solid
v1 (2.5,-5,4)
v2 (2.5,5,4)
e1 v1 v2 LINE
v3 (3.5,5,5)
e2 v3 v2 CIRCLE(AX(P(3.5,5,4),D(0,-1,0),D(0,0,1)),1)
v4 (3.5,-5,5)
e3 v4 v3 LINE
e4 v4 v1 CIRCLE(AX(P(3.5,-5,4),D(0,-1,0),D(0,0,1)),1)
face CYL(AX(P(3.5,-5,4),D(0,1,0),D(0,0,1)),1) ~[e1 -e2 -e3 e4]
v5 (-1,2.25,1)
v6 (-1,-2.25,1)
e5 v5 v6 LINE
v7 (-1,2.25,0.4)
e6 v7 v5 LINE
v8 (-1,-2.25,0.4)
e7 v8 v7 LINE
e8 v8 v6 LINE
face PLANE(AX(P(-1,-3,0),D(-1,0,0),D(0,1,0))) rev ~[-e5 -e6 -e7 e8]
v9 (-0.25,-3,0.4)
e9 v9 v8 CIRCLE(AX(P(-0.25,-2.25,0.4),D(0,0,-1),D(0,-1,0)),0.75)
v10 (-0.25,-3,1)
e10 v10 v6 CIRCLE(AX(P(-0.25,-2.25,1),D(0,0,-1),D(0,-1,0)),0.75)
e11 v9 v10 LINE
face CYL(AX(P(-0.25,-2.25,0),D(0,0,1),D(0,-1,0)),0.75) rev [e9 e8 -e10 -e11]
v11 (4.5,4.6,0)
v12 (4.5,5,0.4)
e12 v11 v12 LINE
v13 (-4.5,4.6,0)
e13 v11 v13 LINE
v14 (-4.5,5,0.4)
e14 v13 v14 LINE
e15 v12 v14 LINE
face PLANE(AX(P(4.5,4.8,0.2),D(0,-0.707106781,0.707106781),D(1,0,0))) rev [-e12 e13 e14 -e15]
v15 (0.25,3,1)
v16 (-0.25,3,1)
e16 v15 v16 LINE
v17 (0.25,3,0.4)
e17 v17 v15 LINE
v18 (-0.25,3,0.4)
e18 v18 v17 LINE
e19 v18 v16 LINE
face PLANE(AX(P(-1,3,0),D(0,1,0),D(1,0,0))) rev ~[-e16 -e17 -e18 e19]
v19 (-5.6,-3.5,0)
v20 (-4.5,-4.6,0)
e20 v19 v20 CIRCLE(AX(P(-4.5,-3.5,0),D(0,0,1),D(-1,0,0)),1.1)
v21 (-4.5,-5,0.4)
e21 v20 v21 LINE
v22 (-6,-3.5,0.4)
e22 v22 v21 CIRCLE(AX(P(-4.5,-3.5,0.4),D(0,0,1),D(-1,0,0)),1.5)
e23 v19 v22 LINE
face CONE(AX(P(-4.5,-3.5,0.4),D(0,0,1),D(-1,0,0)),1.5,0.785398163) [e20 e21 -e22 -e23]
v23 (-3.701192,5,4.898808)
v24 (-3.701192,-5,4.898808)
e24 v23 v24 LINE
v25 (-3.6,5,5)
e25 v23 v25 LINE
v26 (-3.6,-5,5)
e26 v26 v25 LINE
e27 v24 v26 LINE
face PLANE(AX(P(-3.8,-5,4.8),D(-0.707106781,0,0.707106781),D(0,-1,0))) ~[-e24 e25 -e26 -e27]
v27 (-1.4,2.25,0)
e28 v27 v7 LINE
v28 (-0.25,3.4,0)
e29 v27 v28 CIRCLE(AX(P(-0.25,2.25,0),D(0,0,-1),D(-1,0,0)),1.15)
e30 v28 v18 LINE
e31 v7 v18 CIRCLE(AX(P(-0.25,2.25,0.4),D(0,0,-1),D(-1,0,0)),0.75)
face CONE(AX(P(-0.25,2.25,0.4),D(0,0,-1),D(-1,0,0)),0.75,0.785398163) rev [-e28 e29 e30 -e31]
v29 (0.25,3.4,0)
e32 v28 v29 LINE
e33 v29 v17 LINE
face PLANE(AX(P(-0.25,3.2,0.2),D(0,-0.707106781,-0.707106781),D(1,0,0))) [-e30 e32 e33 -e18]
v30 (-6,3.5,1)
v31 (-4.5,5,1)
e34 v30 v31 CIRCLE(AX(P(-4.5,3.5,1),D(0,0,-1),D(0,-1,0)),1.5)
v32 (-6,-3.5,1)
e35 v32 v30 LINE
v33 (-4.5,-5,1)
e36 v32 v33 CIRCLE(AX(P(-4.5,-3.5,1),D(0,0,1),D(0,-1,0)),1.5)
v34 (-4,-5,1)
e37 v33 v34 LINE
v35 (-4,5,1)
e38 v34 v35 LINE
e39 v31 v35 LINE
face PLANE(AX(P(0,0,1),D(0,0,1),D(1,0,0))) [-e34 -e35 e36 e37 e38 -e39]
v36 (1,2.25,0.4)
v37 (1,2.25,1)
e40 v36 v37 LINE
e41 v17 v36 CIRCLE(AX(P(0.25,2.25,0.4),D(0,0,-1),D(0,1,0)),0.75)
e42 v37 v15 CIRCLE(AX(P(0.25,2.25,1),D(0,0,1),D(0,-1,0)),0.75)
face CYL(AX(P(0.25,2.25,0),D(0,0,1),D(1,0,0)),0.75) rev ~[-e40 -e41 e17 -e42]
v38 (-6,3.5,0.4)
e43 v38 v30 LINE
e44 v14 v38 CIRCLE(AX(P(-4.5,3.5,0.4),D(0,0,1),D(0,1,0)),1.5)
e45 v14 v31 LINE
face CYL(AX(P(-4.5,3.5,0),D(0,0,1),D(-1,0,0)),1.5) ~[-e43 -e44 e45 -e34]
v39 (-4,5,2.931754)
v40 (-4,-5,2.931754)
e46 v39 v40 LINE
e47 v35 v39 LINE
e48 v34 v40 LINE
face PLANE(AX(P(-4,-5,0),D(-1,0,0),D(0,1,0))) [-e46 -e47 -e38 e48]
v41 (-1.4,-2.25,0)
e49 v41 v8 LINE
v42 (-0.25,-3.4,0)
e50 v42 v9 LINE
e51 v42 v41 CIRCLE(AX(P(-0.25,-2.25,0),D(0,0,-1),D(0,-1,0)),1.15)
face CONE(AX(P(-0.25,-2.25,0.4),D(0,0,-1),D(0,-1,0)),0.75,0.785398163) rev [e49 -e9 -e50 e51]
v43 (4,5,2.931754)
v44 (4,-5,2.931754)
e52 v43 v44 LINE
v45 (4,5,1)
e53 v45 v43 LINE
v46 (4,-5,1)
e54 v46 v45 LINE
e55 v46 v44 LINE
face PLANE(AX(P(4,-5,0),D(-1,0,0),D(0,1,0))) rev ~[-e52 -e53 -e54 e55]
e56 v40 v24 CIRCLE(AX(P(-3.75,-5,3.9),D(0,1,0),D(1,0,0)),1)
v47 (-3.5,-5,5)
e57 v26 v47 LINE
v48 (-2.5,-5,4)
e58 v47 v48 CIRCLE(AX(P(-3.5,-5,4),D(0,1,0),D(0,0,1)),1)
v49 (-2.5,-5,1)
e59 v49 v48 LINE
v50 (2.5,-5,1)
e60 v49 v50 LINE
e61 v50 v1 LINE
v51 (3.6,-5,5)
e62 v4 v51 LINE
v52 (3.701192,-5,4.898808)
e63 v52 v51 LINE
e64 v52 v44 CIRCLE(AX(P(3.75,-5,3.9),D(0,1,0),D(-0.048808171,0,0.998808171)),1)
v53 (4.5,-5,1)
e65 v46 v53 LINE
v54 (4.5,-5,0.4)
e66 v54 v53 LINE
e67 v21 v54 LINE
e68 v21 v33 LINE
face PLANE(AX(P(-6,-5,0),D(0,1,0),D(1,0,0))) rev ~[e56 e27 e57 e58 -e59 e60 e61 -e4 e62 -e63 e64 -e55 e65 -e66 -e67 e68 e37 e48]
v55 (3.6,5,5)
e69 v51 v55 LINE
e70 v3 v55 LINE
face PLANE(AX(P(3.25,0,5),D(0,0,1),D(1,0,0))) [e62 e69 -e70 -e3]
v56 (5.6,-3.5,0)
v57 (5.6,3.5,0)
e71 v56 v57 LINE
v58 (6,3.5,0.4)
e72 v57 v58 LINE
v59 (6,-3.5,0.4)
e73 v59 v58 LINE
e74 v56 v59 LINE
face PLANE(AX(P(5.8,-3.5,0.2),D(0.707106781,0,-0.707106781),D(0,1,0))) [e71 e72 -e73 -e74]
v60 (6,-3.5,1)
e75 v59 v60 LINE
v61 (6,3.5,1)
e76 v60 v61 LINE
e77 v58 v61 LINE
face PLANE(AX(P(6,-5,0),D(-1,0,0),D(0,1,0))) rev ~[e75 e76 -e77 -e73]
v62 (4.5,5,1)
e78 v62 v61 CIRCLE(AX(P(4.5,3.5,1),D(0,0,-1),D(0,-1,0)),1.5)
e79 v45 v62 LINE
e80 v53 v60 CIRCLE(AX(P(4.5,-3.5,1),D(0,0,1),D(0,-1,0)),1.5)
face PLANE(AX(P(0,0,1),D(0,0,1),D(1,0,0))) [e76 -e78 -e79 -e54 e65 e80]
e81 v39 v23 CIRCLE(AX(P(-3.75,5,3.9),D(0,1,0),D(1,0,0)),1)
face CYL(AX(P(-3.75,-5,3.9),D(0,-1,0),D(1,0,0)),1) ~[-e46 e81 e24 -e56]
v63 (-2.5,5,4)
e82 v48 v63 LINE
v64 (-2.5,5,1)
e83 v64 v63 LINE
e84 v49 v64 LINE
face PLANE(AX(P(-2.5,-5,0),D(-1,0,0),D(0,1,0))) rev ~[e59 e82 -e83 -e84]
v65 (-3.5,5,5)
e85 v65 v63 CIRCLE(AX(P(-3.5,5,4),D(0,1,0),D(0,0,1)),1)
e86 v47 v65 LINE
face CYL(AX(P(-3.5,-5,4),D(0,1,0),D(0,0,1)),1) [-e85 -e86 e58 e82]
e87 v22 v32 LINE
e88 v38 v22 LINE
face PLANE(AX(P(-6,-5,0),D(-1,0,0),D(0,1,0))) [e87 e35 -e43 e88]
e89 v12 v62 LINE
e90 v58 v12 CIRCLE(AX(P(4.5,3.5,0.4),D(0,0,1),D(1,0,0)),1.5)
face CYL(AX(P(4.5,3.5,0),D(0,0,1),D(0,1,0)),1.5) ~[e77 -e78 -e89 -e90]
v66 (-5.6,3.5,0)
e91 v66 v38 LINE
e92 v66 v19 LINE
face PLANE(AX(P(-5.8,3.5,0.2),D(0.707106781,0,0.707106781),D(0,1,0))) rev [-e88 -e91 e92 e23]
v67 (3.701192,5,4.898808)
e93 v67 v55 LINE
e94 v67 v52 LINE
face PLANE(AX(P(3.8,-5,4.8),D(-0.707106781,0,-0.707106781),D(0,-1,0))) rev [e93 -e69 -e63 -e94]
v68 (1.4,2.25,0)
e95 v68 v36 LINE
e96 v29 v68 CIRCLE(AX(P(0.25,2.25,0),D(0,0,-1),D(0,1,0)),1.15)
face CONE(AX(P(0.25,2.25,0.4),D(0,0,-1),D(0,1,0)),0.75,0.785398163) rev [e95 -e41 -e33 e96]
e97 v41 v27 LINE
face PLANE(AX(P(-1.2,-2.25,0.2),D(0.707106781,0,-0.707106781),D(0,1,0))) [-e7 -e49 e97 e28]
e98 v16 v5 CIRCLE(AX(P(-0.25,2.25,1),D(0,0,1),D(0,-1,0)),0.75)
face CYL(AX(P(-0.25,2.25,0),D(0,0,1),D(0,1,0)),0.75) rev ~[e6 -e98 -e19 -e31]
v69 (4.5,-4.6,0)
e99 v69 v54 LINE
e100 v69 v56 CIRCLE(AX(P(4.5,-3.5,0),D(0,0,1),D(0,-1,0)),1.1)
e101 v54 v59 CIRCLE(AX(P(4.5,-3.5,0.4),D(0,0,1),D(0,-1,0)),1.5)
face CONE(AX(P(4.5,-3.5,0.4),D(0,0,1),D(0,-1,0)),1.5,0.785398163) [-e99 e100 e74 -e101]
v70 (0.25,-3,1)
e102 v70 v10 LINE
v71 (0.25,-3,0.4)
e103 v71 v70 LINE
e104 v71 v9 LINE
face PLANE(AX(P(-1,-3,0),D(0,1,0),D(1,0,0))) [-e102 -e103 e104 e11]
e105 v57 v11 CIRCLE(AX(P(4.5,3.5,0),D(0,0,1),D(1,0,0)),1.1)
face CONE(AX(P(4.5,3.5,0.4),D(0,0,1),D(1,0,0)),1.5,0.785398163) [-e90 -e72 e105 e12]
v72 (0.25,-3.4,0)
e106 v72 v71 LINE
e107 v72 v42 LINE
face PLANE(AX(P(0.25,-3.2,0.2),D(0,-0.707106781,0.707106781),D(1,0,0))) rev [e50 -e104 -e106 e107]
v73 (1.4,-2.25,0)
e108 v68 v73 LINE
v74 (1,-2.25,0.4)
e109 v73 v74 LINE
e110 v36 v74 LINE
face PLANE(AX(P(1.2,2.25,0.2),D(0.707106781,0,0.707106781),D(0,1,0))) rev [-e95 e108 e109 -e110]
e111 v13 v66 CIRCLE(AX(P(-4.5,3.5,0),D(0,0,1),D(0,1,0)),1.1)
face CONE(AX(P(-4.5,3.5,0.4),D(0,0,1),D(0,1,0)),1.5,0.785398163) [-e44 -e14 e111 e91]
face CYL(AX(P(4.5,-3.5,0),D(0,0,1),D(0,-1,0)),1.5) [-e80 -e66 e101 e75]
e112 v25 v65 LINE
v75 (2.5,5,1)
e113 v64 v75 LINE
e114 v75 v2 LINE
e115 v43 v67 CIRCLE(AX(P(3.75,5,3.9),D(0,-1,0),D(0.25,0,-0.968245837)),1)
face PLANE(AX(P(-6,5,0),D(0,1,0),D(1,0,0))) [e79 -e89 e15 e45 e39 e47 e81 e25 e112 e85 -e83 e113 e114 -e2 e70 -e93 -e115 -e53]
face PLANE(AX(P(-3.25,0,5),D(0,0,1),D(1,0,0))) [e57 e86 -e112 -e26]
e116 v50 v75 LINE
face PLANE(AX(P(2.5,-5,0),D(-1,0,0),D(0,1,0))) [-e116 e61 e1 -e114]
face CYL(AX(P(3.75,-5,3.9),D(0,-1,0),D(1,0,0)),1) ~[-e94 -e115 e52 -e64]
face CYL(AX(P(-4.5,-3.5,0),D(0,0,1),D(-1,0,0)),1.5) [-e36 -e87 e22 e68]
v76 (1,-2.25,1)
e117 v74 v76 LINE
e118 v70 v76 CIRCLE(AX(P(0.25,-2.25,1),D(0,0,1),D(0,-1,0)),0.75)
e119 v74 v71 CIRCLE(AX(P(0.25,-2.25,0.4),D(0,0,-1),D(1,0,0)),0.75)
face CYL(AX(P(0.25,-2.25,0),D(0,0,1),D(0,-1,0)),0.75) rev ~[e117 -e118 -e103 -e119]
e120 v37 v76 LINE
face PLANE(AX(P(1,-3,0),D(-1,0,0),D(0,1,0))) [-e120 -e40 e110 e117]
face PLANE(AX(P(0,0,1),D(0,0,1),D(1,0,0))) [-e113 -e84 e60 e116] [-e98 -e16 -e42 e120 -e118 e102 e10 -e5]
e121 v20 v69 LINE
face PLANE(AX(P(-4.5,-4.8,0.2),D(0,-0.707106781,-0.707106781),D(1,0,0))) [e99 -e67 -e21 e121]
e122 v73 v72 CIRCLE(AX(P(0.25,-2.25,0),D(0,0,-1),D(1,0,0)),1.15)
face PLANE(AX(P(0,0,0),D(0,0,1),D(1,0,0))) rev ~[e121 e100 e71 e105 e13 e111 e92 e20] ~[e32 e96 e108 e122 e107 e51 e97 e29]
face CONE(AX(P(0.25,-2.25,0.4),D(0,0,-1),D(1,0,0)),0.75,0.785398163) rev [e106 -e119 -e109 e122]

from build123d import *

# Parameters (mm, degrees)
BOX010_W                    = 2
BOX010_H                    = 6
BOX010_DEPTH                = 10
BOX008_W                    = 1.5
BOX008_H                    = 10
BOX008_DEPTH                = 5
CHAMFER004001002001005_SIZE = 0.4
CYLINDER004_R               = 1
CYLINDER004_DEPTH           = 10
CYLINDER003_R               = 1
CYLINDER003_DEPTH           = 10
BOX007_W                    = 12
BOX007_H                    = 10
BOX007_DEPTH                = 1
BOX009_W                    = 1.5
BOX009_H                    = 10
BOX009_DEPTH                = 5
CHAMFER004001002001006_SIZE = 0.4
FILLET_R                    = 0.75
FILLET001_R                 = 1.5
CHAMFER004001002001007_SIZE = 0.4
FILLET002_R                 = 1


with BuildPart() as cube010:
    # Box010 → Box010 (new body)
    with BuildSketch(Plane(origin=(-1, -3, 0), x_dir=(1, 0, 0), z_dir=(0, 0, 1))):
        with Locations((1, 3)):
            Rectangle(BOX010_W, BOX010_H)
    extrude(amount=BOX010_DEPTH)


with BuildPart() as chamfer004001002001005:
    # Box008 → Box008 (new body)
    with BuildSketch(Plane(origin=(-4, -5, 0), x_dir=(1, 0, 0), z_dir=(0, 0, 1))):
        with Locations((0.75, 5)):
            Rectangle(BOX008_W, BOX008_H)
    extrude(amount=BOX008_DEPTH)

    # Chamfer004001002001005
    chamfer004001002001005_edges = [chamfer004001002001005.edges().sort_by_distance(p)[0] for p in [
        (-4, 0, 5),
    ]]
    chamfer(chamfer004001002001005_edges, length=CHAMFER004001002001005_SIZE)


with BuildPart() as cylinder004:
    # Cylinder004 → Cylinder004 (new body)
    with BuildSketch(Plane(origin=(3.75, -5, 3.9), x_dir=(1, 0, 0), z_dir=(0, 1, 0))):
        Circle(CYLINDER004_R)
    extrude(amount=CYLINDER004_DEPTH)


with BuildPart() as cylinder003:
    # Cylinder003 → Cylinder003 (new body)
    with BuildSketch(Plane(origin=(-3.75, -5, 3.9), x_dir=(1, 0, 0), z_dir=(0, 1, 0))):
        Circle(CYLINDER003_R)
    extrude(amount=CYLINDER003_DEPTH)


with BuildPart() as cube007:
    # Box007 → Box007 (new body)
    with BuildSketch(Plane(origin=(-6, -5, 0), x_dir=(1, 0, 0), z_dir=(0, 0, 1))):
        with Locations((6, 5)):
            Rectangle(BOX007_W, BOX007_H)
    extrude(amount=BOX007_DEPTH)


with BuildPart() as cable_clip:
    # Box009 → Box009 (new body)
    with BuildSketch(Plane(origin=(2.5, -5, 0), x_dir=(1, 0, 0), z_dir=(0, 0, 1))):
        with Locations((0.75, 5)):
            Rectangle(BOX009_W, BOX009_H)
    extrude(amount=BOX009_DEPTH)

    # Chamfer004001002001006
    chamfer004001002001006_edges = [cable_clip.edges().sort_by_distance(p)[0] for p in [
        (4, 0, 5),
    ]]
    chamfer(chamfer004001002001006_edges, length=CHAMFER004001002001006_SIZE)

    # Fusion002: union Chamfer004001002001005, Cylinder004, Cylinder003, Cube007
    add(chamfer004001002001005.part)
    add(cylinder004.part)
    add(cylinder003.part)
    add(cube007.part)

    # Cut002008023012009006003002007003001002002: cut Cube010
    add(cube010.part, mode=Mode.SUBTRACT)

    # Fillet
    fillet_edges = [cable_clip.edges().sort_by_distance(p)[0] for p in [
        (1, -3, 0.5),
        (-1, -3, 0.5),
        (1, 3, 0.5),
        (-1, 3, 0.5),
    ]]
    fillet(fillet_edges, radius=FILLET_R)

    # Fillet001
    fillet001_edges = [cable_clip.edges().sort_by_distance(p)[0] for p in [
        (6, 5, 0.5),
        (-6, 5, 0.5),
        (6, -5, 0.5),
        (-6, -5, 0.5),
    ]]
    fillet(fillet001_edges, radius=FILLET001_R)

    # Chamfer004001002001007
    chamfer004001002001007_edges = [cable_clip.edges().sort_by_distance(p)[0] for p in [
        (4.25, -5, 0),
        (5.56066, -4.56066, 0),
        (6, 0, 0),
        (5.56066, 4.56066, 0),
        (3.25, 5, 0),
        (3.25, -5, 0),
        (0, 5, 0),
        (-1, 0, 0),
        (-0.78033, 2.78033, 0),
        (0, 3, 0),
        (0.78033, 2.78033, 0),
        (1, 0, 0),
        (0.78033, -2.78033, 0),
        (0, -3, 0),
        (-0.78033, -2.78033, 0),
        (0, -5, 0),
        (-3.25, 5, 0),
        (-3.25, -5, 0),
        (-4.25, 5, 0),
        (-5.56066, 4.56066, 0),
        (-6, 0, 0),
        (-5.56066, -4.56066, 0),
        (-4.25, -5, 0),
    ]]
    chamfer(chamfer004001002001007_edges, length=CHAMFER004001002001007_SIZE)

    # Fillet002
    fillet002_edges = [cable_clip.edges().sort_by_distance(p)[0] for p in [
        (2.5, 0, 5),
        (-2.5, 0, 5),
    ]]
    fillet(fillet002_edges, radius=FILLET002_R)


solid = cable_clip.part
